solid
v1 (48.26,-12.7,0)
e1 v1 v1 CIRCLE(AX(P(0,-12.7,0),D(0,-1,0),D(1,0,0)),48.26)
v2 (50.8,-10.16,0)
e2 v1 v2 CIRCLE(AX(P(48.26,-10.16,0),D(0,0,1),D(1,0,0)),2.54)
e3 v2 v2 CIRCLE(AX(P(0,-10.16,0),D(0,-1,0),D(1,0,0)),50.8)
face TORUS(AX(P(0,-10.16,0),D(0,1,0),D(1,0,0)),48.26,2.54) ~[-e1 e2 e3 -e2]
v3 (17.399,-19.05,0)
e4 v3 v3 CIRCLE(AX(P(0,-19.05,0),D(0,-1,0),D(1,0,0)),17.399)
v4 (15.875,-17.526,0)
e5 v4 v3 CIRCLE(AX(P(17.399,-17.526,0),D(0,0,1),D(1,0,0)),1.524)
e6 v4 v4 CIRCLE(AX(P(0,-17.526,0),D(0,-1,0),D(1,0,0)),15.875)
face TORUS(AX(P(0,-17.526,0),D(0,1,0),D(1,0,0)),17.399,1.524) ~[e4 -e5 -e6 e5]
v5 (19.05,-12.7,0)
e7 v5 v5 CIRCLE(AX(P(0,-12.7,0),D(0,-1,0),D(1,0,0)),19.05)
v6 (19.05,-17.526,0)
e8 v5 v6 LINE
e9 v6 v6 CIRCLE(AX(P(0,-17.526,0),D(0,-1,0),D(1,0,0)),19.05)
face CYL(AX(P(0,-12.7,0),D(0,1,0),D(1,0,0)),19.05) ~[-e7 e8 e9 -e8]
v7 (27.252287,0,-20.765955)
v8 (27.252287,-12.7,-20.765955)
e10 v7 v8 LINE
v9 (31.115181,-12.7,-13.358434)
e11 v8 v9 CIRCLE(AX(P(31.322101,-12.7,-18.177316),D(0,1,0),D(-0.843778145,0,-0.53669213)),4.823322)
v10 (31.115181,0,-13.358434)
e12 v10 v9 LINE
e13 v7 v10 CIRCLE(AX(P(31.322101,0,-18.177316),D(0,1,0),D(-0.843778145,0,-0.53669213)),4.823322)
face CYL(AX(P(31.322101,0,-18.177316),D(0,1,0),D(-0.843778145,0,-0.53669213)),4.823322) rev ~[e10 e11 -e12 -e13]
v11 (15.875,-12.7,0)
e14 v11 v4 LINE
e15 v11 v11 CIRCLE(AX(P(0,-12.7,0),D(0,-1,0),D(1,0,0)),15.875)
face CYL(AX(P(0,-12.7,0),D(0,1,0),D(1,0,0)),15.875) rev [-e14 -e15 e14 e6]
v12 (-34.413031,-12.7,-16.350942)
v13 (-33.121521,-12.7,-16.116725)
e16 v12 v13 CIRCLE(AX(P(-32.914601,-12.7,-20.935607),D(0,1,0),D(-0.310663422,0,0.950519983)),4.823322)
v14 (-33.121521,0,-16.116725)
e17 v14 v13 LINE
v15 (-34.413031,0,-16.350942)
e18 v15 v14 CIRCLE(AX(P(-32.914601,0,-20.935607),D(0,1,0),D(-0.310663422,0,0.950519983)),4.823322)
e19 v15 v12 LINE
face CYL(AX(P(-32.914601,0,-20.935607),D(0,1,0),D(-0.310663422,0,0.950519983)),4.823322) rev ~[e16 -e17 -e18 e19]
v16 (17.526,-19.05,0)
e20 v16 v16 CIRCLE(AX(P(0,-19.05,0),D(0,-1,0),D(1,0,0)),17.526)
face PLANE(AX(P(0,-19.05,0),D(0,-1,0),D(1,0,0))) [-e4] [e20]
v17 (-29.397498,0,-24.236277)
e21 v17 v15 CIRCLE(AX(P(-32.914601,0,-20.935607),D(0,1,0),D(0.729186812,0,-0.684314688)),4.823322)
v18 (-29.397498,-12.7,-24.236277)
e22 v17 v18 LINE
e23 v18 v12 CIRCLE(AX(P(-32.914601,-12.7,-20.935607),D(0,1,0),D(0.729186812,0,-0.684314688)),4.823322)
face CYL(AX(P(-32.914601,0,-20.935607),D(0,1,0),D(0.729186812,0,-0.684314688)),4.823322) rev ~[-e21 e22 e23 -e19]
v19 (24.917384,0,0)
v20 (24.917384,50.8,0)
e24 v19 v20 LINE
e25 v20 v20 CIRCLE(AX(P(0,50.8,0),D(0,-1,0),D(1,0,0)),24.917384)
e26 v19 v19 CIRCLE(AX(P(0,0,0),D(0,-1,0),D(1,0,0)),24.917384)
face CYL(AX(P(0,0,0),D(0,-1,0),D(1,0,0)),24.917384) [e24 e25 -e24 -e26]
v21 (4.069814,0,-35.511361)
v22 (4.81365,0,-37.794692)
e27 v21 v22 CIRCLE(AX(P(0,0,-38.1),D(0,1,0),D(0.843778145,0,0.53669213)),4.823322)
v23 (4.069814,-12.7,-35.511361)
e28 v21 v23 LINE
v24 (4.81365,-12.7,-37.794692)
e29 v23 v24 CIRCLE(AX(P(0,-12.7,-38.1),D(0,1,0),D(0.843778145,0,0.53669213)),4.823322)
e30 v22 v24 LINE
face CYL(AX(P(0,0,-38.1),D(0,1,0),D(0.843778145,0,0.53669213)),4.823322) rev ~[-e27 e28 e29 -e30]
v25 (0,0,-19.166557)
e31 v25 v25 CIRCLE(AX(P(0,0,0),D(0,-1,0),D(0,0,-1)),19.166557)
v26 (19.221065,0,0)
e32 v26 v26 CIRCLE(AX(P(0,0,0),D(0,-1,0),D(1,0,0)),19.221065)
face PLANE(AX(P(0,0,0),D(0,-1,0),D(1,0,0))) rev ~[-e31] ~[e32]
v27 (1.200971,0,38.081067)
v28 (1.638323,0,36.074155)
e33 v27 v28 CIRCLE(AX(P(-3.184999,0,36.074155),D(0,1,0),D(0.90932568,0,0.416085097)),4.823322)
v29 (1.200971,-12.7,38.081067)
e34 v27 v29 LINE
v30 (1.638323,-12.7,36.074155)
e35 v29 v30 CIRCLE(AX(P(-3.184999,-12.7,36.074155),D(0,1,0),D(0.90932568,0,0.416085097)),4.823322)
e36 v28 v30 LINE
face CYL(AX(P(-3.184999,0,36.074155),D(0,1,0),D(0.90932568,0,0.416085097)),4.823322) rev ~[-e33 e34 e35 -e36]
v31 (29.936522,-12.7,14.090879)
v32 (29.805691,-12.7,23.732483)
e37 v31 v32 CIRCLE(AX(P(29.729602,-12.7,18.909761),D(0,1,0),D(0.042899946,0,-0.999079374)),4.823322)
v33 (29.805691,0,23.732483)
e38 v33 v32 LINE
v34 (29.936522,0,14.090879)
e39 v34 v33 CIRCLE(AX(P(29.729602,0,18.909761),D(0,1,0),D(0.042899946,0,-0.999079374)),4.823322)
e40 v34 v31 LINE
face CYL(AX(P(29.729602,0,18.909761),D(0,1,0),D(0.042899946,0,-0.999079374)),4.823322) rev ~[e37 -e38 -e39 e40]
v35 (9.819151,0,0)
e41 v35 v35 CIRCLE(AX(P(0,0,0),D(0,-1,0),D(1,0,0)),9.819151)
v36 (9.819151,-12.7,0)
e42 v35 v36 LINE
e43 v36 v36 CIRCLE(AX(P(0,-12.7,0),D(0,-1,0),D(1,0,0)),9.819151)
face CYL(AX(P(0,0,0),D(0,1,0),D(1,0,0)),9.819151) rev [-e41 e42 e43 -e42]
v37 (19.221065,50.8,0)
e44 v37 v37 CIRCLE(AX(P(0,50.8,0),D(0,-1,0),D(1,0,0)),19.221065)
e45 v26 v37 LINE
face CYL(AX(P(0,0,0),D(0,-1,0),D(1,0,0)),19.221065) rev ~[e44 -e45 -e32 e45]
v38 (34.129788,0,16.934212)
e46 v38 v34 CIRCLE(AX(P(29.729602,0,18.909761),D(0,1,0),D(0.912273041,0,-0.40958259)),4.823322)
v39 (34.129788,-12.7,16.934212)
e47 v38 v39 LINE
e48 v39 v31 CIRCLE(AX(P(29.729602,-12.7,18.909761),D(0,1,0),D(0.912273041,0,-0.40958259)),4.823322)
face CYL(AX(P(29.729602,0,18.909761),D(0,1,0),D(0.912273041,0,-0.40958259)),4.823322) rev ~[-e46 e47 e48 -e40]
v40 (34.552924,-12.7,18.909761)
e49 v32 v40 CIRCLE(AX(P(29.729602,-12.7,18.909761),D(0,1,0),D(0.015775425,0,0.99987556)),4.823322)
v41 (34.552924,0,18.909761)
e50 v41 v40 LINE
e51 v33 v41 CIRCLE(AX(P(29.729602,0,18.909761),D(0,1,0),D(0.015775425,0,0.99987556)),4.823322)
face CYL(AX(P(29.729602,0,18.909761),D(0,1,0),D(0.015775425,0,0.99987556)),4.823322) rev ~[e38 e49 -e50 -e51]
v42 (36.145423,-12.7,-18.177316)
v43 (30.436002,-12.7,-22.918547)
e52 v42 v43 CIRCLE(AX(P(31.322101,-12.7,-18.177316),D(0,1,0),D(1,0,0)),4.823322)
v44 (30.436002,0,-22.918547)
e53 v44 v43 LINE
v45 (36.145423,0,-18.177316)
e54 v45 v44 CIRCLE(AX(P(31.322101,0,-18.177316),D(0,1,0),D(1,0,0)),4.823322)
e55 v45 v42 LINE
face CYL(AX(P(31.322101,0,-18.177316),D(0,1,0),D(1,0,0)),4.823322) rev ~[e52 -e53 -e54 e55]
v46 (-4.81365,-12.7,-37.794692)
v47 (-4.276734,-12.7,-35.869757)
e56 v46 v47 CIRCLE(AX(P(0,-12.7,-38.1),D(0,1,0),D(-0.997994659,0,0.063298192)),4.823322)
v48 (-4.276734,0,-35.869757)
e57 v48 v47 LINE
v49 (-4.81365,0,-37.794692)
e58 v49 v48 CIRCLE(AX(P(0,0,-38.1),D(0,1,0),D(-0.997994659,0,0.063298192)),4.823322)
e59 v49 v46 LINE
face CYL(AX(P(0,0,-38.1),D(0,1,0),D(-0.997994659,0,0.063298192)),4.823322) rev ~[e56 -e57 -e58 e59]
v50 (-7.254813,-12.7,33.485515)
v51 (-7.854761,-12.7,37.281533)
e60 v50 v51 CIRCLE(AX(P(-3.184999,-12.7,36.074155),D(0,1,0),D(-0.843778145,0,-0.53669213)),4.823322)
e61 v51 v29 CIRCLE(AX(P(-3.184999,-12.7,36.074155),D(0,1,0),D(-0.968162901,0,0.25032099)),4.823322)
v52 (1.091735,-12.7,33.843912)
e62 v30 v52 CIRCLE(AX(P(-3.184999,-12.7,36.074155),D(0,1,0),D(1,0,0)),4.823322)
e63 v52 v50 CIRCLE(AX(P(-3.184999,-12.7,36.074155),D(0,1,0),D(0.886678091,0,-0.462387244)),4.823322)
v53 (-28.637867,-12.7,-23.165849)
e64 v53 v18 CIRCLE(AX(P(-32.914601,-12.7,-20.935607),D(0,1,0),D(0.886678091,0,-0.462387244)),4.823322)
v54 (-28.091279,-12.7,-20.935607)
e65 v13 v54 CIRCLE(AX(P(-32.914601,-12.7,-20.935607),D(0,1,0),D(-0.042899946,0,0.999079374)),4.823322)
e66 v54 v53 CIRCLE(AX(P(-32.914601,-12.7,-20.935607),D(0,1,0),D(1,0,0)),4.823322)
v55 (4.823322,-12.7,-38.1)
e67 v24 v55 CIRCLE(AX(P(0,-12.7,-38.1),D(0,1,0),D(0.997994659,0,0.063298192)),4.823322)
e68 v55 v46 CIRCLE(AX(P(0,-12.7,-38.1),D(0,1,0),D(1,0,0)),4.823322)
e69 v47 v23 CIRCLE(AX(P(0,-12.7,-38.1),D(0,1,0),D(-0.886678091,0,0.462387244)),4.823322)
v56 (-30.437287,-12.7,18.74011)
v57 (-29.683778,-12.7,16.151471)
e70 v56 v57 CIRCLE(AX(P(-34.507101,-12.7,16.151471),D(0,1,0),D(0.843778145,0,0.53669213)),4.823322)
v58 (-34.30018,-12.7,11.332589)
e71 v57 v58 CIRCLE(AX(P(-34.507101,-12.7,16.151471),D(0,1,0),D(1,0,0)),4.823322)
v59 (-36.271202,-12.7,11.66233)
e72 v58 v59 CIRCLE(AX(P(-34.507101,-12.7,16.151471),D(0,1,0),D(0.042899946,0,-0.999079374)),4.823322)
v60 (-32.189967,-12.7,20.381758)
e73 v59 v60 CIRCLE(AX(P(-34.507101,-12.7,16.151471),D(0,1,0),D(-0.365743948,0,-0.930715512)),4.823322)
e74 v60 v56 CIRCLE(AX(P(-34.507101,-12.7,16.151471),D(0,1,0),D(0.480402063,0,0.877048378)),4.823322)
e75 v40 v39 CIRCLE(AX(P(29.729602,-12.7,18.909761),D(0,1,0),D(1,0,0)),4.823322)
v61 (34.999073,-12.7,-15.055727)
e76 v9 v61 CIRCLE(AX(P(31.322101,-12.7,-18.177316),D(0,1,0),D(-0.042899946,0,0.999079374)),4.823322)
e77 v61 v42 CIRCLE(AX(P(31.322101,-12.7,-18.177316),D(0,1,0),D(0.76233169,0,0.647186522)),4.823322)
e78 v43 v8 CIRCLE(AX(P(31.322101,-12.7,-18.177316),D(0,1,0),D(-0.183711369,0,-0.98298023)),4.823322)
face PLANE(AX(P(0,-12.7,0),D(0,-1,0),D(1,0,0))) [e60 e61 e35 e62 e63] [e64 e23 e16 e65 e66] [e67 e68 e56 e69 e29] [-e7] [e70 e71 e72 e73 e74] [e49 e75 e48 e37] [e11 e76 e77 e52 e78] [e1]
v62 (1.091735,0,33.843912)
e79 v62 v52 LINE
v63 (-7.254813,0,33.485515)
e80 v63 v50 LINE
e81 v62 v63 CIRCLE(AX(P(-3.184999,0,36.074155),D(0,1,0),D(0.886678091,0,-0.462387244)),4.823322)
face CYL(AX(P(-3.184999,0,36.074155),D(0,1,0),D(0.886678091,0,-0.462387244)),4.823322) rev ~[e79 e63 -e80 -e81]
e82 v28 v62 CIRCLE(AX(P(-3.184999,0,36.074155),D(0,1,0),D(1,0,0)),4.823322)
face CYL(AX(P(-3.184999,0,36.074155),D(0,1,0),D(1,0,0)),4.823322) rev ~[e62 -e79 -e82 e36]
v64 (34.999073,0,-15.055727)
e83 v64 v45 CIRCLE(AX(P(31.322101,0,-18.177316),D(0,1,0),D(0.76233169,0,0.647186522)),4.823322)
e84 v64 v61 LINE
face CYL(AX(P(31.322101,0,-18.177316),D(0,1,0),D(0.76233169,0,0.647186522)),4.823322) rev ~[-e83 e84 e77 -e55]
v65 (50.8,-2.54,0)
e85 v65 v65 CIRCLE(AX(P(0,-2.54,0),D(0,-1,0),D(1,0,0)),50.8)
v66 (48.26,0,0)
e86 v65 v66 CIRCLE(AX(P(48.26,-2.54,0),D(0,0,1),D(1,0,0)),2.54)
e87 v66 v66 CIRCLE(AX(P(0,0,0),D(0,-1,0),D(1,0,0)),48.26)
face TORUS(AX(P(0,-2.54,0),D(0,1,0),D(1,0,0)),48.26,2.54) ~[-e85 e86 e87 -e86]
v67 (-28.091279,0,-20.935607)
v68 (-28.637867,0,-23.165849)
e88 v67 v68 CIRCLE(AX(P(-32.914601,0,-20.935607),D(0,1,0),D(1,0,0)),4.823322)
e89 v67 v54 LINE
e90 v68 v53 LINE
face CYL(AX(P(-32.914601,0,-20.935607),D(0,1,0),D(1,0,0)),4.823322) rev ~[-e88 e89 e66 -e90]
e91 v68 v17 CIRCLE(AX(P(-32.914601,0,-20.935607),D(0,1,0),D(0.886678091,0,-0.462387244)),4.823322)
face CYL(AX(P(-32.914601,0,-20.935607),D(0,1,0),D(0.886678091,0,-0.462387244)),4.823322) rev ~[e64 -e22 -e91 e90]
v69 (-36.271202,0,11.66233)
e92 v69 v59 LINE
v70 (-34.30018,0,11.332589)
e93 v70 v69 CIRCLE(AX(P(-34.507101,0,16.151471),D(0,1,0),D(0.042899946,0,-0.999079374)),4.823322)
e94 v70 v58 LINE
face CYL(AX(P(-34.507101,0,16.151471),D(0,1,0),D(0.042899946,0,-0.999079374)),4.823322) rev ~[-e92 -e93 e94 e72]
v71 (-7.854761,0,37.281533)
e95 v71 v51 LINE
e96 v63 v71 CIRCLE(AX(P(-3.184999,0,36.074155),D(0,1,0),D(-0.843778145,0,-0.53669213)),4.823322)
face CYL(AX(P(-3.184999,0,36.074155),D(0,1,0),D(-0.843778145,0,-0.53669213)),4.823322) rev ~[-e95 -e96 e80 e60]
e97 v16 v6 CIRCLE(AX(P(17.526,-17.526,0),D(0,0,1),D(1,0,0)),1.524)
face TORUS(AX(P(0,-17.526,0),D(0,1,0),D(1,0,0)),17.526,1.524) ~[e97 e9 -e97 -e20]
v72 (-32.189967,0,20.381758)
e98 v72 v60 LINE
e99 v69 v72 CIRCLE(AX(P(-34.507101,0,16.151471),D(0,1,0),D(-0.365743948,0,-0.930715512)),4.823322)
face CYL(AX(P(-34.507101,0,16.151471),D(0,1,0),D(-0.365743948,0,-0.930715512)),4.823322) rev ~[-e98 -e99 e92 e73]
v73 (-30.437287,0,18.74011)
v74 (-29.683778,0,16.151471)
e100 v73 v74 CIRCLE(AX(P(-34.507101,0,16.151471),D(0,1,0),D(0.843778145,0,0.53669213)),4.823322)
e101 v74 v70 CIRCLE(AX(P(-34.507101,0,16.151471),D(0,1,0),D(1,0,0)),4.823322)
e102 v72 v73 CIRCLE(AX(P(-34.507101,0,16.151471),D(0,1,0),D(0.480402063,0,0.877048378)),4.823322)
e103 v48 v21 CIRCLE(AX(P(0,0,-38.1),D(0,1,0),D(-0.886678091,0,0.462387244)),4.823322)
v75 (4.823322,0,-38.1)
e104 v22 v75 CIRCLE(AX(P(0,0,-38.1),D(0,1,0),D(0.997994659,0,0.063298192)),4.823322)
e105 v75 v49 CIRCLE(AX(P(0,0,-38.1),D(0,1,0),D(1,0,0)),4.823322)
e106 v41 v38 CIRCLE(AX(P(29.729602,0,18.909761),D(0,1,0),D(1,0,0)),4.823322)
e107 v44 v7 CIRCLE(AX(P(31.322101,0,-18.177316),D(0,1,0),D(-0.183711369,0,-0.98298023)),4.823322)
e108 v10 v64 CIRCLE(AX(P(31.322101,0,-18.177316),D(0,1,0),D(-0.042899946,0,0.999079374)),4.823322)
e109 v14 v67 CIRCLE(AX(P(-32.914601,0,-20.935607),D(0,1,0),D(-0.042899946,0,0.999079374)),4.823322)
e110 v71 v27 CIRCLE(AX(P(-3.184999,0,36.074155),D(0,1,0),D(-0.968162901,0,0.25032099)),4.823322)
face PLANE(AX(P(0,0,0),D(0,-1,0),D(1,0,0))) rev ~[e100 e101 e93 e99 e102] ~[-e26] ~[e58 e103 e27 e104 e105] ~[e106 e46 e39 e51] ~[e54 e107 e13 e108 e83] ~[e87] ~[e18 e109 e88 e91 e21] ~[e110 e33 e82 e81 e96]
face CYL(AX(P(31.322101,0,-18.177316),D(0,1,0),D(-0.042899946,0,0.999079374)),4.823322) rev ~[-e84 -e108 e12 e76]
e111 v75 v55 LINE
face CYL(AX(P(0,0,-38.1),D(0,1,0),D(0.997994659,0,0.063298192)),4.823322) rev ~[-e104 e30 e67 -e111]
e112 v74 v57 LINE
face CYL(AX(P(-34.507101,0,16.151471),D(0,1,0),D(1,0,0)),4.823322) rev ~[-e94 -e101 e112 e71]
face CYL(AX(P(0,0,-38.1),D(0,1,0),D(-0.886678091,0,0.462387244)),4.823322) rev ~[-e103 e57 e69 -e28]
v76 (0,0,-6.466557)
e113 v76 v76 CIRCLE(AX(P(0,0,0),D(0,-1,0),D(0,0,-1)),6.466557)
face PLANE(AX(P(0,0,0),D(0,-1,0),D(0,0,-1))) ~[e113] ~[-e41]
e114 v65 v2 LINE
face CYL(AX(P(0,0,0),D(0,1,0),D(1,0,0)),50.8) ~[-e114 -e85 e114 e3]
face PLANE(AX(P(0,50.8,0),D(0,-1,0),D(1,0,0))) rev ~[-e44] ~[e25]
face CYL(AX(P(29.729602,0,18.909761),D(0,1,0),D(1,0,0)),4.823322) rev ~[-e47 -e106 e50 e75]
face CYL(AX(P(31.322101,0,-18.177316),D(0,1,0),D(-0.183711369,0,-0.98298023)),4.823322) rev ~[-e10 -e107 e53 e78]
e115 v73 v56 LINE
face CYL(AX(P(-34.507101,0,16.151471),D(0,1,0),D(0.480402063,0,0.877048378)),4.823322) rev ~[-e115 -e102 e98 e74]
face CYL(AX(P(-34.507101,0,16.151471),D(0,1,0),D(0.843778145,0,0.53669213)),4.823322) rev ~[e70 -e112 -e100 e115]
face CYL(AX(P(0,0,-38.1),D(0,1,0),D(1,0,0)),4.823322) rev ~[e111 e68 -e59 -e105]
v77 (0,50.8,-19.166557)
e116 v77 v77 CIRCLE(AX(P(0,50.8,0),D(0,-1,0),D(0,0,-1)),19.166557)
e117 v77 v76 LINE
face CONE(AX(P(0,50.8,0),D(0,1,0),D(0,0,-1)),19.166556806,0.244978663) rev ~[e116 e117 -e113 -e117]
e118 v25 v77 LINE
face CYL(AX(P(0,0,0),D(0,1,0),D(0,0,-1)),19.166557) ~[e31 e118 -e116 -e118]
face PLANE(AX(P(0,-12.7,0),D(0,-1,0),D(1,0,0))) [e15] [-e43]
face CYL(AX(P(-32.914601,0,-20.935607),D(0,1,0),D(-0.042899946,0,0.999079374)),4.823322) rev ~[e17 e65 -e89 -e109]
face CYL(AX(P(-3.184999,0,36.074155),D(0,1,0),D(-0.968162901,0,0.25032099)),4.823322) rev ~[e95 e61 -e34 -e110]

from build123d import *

# Parameters (mm, degrees)
F0_R     = 50.8
F0_R_2   = 24.4152864436
F0_R_3   = 14.7083689978
F0_R_4   = 9.8191512815
F1_DEPTH = 12.7
F2_R     = 24.9173840561
F2_R_2   = 19.2210647441
F3_DEPTH = 50.8
F7_R     = 19.05
F7_R_2   = 15.875
F8_DEPTH = 6.35
F9_R     = 1.524
F10_R    = 2.54


with BuildPart() as f1:
    # F0 (on Front) → F1 (new body)
    with BuildSketch(Plane.XZ):
        Circle(F0_R)
        with BuildLine():
            ThreePointArc((4.8233222323, -38.1), (-0.1527303768, -42.9209035241), (-4.8136498253, -37.7946924231))
            ThreePointArc((-4.8136498253, -37.7946924231), (-18.3999542583, -33.3624292175), (-29.3974979615, -24.2362768099))
            ThreePointArc((-29.3974979615, -24.2362768099), (-36.9844148106, -23.5242456402), (-34.4130307135, -16.3509423923))
            ThreePointArc((-34.4130307135, -16.3509423923), (-38.0164573377, -2.5217001197), (-36.2712015434, 11.6623298959))
            ThreePointArc((-36.2712015434, 11.6623298959), (-38.8755747903, 18.1961885071), (-32.1899666774, 20.3817576599))
            ThreePointArc((-32.1899666774, 20.3817576599), (-21.7323643265, 31.2939984786), (-7.8547610469, 37.2815333496))
            ThreePointArc((-7.8547610469, 37.2815333496), (-3.6092020095, 40.8787866416), (1.2009713639, 38.0810670515))
            ThreePointArc((1.2009713639, 38.0810670515), (17.0828495941, 34.0556346255), (29.8056914767, 23.7324831317))
            ThreePointArc((29.8056914767, 23.7324831317), (33.1670019723, 22.2933561664), (34.5529237527, 18.9097611124))
            ThreePointArc((34.5529237527, 18.9097611124), (34.4459537327, 17.8995833234), (34.1297883633, 16.9342123016))
            ThreePointArc((34.1297883633, 16.9342123016), (37.0941702741, 8.6966965958), (38.1, 0))
            ThreePointArc((38.1, 0), (37.3167165393, -7.6858744934), (34.9990726127, -15.0557270251))
            ThreePointArc((34.9990726126, -15.0557270251), (35.8497747537, -16.5146045982), (36.1454234548, -18.1773161641))
            ThreePointArc((36.1454234548, -18.1773161641), (34.4035372294, -21.8880020161), (30.4360020939, -22.9185465626))
            ThreePointArc((30.4360020939, -22.9185465626), (19.1300658394, -32.949212145), (4.8136498253, -37.7946924231))
            ThreePointArc((4.8136498253, -37.7946924231), (4.8209035241, -37.9472696232), (4.8233222323, -38.1))
        make_face(mode=Mode.SUBTRACT)
        with BuildLine():
            Line((-28.6378667765, -23.1658492328), (-4.2767341482, -35.8697573266))
            ThreePointArc((-4.2767341482, -35.8697573266), (-0.2069202623, -33.2811182457), (4.0698138859, -35.5113609191))
            Line((4.0698138859, -35.5113609191), (27.2522873366, -20.765955245))
            ThreePointArc((27.2522873366, -20.765955245), (27.0453670743, -15.9470734907), (31.1151809602, -13.3584344098))
            Line((31.1151809602, -13.3584344098), (29.9365217826, 14.0908793581))
            ThreePointArc((29.9365217826, 14.0908793581), (25.6597876344, 16.3211220315), (25.4528673721, 21.1400037858))
            Line((25.4528673721, 21.1400037858), (1.0917347439, 33.8439118796))
            ThreePointArc((1.0917347439, 33.8439118796), (-2.978079142, 31.2552727988), (-7.2548132903, 33.4855154722))
            Line((-7.2548132903, 33.4855154722), (-30.437286741, 18.7401097981))
            ThreePointArc((-30.437286741, 18.7401097981), (-29.8759851482, 17.4995088397), (-29.6837783945, 16.1514707172))
            ThreePointArc((-29.6837783945, 16.1514707172), (-31.0241076281, 12.814826126), (-34.3001803645, 11.3325889629))
            Line((-34.3001803645, 11.3325889629), (-33.121521187, -16.116724805))
            ThreePointArc((-33.121521187, -16.116724805), (-29.5779563335, -17.4526135606), (-28.0912786923, -20.9356065593))
            ThreePointArc((-28.0912786923, -20.9356065593), (-28.229918211, -22.0837290393), (-28.6378667765, -23.1658492328))
        make_face()
        Circle(F0_R_2, mode=Mode.SUBTRACT)
        Circle(F0_R_2)
        Circle(F0_R_3, mode=Mode.SUBTRACT)
        Circle(F0_R_3)
        Circle(F0_R_4, mode=Mode.SUBTRACT)
        with BuildLine():
            Line((29.9365217826, 14.0908793581), (31.1151809602, -13.3584344098))
            ThreePointArc((31.1151809602, -13.3584344098), (33.2535551471, -13.757596366), (34.9990726126, -15.0557270251))
            ThreePointArc((34.9990726127, -15.0557270251), (37.3167165393, -7.6858744934), (38.1, 0))
            ThreePointArc((38.1, 0), (37.0941702741, 8.6966965958), (34.1297883633, 16.9342123016))
            ThreePointArc((34.1297883633, 16.9342123016), (32.4365360461, 14.91765104), (29.9365217826, 14.0908793581))
        make_face()
        with BuildLine():
            Line((27.2522873366, -20.765955245), (4.0698138859, -35.5113609191))
            ThreePointArc((4.0698138859, -35.5113609191), (4.5861075616, -36.6059937113), (4.8136498253, -37.7946924231))
            ThreePointArc((4.8136498253, -37.7946924231), (19.1300658394, -32.949212145), (30.4360020939, -22.9185465626))
            ThreePointArc((30.4360020939, -22.9185465626), (28.6204941458, -22.1730334414), (27.2522873366, -20.765955245))
        make_face()
        with BuildLine():
            ThreePointArc((-4.8136498253, -37.7946924231), (-4.6459782584, -36.8041128988), (-4.2767341482, -35.8697573266))
            Line((-4.2767341482, -35.8697573266), (-28.6378667765, -23.1658492328))
            ThreePointArc((-28.6378667765, -23.1658492328), (-28.98110019, -23.7270236417), (-29.3974979615, -24.2362768099))
            ThreePointArc((-29.3974979615, -24.2362768099), (-18.3999542583, -33.3624292175), (-4.8136498253, -37.7946924231))
        make_face()
        with BuildLine():
            ThreePointArc((-36.2712015434, 11.6623298959), (-38.0164573377, -2.5217001197), (-34.4130307135, -16.3509423923))
            ThreePointArc((-34.4130307135, -16.3509423923), (-33.7752804055, -16.1896958787), (-33.121521187, -16.116724805))
            Line((-33.121521187, -16.116724805), (-34.3001803645, 11.3325889629))
            ThreePointArc((-34.3001803645, 11.3325889629), (-35.3029556188, 11.3942601702), (-36.2712015434, 11.6623298959))
        make_face()
        with BuildLine():
            ThreePointArc((-7.8547610469, 37.2815333496), (-21.7323643265, 31.2939984786), (-32.1899666774, 20.3817576599))
            ThreePointArc((-32.1899666774, 20.3817576599), (-31.209824844, 19.6717561841), (-30.437286741, 18.7401097981))
            Line((-30.437286741, 18.7401097981), (-7.2548132903, 33.4855154722))
            ThreePointArc((-7.2548132903, 33.4855154722), (-7.9491869569, 35.3211908614), (-7.8547610469, 37.2815333496))
        make_face()
        with BuildLine():
            Line((1.0917347439, 33.8439118796), (25.4528673721, 21.1400037858))
            ThreePointArc((25.4528673721, 21.1400037858), (27.2614868155, 23.0537745246), (29.8056914767, 23.7324831317))
            ThreePointArc((29.8056914767, 23.7324831317), (17.0828495941, 34.0556346255), (1.2009713639, 38.0810670515))
            ThreePointArc((1.2009713639, 38.0810670515), (1.5277167803, 37.1011616221), (1.638322828, 36.0741545531))
            ThreePointArc((1.638322828, 36.0741545531), (1.4996833093, 34.9260320731), (1.0917347439, 33.8439118796))
        make_face()
    extrude(amount=F1_DEPTH)

    # F2 (on Front) → F3 (join)
    with BuildSketch(Plane.XZ):
        Circle(F2_R)
        Circle(F2_R_2, mode=Mode.SUBTRACT)
    extrude(amount=-F3_DEPTH)

    # F5 (on Right) → F6 (revolve)
    with BuildSketch(Plane.YZ):
        Polygon((50.8, -19.1665568061), (0, -6.4665568061), (0, -19.1665568061), align=None)
    revolve(axis=Axis((0, 25.7261283696, 0), (0, -1, 0)))

    # F7 (on face) → F8 (join)
    with BuildSketch(Plane.XZ.offset(12.7)):
        Circle(F7_R)
        Circle(F7_R_2, mode=Mode.SUBTRACT)
    extrude(amount=F8_DEPTH)

    # F9
    f9_edges = [f1.edges().sort_by_distance(p)[0] for p in [
        (-19.05, -19.05, 0),
        (-15.875, -19.05, 0),
    ]]
    fillet(f9_edges, radius=F9_R)

    # F10
    f10_edges = [f1.edges().sort_by_distance(p)[0] for p in [
        (-50.8, -12.7, 0),
        (-50.8, 0, 0),
    ]]
    fillet(f10_edges, radius=F10_R)


solid = f1.part
